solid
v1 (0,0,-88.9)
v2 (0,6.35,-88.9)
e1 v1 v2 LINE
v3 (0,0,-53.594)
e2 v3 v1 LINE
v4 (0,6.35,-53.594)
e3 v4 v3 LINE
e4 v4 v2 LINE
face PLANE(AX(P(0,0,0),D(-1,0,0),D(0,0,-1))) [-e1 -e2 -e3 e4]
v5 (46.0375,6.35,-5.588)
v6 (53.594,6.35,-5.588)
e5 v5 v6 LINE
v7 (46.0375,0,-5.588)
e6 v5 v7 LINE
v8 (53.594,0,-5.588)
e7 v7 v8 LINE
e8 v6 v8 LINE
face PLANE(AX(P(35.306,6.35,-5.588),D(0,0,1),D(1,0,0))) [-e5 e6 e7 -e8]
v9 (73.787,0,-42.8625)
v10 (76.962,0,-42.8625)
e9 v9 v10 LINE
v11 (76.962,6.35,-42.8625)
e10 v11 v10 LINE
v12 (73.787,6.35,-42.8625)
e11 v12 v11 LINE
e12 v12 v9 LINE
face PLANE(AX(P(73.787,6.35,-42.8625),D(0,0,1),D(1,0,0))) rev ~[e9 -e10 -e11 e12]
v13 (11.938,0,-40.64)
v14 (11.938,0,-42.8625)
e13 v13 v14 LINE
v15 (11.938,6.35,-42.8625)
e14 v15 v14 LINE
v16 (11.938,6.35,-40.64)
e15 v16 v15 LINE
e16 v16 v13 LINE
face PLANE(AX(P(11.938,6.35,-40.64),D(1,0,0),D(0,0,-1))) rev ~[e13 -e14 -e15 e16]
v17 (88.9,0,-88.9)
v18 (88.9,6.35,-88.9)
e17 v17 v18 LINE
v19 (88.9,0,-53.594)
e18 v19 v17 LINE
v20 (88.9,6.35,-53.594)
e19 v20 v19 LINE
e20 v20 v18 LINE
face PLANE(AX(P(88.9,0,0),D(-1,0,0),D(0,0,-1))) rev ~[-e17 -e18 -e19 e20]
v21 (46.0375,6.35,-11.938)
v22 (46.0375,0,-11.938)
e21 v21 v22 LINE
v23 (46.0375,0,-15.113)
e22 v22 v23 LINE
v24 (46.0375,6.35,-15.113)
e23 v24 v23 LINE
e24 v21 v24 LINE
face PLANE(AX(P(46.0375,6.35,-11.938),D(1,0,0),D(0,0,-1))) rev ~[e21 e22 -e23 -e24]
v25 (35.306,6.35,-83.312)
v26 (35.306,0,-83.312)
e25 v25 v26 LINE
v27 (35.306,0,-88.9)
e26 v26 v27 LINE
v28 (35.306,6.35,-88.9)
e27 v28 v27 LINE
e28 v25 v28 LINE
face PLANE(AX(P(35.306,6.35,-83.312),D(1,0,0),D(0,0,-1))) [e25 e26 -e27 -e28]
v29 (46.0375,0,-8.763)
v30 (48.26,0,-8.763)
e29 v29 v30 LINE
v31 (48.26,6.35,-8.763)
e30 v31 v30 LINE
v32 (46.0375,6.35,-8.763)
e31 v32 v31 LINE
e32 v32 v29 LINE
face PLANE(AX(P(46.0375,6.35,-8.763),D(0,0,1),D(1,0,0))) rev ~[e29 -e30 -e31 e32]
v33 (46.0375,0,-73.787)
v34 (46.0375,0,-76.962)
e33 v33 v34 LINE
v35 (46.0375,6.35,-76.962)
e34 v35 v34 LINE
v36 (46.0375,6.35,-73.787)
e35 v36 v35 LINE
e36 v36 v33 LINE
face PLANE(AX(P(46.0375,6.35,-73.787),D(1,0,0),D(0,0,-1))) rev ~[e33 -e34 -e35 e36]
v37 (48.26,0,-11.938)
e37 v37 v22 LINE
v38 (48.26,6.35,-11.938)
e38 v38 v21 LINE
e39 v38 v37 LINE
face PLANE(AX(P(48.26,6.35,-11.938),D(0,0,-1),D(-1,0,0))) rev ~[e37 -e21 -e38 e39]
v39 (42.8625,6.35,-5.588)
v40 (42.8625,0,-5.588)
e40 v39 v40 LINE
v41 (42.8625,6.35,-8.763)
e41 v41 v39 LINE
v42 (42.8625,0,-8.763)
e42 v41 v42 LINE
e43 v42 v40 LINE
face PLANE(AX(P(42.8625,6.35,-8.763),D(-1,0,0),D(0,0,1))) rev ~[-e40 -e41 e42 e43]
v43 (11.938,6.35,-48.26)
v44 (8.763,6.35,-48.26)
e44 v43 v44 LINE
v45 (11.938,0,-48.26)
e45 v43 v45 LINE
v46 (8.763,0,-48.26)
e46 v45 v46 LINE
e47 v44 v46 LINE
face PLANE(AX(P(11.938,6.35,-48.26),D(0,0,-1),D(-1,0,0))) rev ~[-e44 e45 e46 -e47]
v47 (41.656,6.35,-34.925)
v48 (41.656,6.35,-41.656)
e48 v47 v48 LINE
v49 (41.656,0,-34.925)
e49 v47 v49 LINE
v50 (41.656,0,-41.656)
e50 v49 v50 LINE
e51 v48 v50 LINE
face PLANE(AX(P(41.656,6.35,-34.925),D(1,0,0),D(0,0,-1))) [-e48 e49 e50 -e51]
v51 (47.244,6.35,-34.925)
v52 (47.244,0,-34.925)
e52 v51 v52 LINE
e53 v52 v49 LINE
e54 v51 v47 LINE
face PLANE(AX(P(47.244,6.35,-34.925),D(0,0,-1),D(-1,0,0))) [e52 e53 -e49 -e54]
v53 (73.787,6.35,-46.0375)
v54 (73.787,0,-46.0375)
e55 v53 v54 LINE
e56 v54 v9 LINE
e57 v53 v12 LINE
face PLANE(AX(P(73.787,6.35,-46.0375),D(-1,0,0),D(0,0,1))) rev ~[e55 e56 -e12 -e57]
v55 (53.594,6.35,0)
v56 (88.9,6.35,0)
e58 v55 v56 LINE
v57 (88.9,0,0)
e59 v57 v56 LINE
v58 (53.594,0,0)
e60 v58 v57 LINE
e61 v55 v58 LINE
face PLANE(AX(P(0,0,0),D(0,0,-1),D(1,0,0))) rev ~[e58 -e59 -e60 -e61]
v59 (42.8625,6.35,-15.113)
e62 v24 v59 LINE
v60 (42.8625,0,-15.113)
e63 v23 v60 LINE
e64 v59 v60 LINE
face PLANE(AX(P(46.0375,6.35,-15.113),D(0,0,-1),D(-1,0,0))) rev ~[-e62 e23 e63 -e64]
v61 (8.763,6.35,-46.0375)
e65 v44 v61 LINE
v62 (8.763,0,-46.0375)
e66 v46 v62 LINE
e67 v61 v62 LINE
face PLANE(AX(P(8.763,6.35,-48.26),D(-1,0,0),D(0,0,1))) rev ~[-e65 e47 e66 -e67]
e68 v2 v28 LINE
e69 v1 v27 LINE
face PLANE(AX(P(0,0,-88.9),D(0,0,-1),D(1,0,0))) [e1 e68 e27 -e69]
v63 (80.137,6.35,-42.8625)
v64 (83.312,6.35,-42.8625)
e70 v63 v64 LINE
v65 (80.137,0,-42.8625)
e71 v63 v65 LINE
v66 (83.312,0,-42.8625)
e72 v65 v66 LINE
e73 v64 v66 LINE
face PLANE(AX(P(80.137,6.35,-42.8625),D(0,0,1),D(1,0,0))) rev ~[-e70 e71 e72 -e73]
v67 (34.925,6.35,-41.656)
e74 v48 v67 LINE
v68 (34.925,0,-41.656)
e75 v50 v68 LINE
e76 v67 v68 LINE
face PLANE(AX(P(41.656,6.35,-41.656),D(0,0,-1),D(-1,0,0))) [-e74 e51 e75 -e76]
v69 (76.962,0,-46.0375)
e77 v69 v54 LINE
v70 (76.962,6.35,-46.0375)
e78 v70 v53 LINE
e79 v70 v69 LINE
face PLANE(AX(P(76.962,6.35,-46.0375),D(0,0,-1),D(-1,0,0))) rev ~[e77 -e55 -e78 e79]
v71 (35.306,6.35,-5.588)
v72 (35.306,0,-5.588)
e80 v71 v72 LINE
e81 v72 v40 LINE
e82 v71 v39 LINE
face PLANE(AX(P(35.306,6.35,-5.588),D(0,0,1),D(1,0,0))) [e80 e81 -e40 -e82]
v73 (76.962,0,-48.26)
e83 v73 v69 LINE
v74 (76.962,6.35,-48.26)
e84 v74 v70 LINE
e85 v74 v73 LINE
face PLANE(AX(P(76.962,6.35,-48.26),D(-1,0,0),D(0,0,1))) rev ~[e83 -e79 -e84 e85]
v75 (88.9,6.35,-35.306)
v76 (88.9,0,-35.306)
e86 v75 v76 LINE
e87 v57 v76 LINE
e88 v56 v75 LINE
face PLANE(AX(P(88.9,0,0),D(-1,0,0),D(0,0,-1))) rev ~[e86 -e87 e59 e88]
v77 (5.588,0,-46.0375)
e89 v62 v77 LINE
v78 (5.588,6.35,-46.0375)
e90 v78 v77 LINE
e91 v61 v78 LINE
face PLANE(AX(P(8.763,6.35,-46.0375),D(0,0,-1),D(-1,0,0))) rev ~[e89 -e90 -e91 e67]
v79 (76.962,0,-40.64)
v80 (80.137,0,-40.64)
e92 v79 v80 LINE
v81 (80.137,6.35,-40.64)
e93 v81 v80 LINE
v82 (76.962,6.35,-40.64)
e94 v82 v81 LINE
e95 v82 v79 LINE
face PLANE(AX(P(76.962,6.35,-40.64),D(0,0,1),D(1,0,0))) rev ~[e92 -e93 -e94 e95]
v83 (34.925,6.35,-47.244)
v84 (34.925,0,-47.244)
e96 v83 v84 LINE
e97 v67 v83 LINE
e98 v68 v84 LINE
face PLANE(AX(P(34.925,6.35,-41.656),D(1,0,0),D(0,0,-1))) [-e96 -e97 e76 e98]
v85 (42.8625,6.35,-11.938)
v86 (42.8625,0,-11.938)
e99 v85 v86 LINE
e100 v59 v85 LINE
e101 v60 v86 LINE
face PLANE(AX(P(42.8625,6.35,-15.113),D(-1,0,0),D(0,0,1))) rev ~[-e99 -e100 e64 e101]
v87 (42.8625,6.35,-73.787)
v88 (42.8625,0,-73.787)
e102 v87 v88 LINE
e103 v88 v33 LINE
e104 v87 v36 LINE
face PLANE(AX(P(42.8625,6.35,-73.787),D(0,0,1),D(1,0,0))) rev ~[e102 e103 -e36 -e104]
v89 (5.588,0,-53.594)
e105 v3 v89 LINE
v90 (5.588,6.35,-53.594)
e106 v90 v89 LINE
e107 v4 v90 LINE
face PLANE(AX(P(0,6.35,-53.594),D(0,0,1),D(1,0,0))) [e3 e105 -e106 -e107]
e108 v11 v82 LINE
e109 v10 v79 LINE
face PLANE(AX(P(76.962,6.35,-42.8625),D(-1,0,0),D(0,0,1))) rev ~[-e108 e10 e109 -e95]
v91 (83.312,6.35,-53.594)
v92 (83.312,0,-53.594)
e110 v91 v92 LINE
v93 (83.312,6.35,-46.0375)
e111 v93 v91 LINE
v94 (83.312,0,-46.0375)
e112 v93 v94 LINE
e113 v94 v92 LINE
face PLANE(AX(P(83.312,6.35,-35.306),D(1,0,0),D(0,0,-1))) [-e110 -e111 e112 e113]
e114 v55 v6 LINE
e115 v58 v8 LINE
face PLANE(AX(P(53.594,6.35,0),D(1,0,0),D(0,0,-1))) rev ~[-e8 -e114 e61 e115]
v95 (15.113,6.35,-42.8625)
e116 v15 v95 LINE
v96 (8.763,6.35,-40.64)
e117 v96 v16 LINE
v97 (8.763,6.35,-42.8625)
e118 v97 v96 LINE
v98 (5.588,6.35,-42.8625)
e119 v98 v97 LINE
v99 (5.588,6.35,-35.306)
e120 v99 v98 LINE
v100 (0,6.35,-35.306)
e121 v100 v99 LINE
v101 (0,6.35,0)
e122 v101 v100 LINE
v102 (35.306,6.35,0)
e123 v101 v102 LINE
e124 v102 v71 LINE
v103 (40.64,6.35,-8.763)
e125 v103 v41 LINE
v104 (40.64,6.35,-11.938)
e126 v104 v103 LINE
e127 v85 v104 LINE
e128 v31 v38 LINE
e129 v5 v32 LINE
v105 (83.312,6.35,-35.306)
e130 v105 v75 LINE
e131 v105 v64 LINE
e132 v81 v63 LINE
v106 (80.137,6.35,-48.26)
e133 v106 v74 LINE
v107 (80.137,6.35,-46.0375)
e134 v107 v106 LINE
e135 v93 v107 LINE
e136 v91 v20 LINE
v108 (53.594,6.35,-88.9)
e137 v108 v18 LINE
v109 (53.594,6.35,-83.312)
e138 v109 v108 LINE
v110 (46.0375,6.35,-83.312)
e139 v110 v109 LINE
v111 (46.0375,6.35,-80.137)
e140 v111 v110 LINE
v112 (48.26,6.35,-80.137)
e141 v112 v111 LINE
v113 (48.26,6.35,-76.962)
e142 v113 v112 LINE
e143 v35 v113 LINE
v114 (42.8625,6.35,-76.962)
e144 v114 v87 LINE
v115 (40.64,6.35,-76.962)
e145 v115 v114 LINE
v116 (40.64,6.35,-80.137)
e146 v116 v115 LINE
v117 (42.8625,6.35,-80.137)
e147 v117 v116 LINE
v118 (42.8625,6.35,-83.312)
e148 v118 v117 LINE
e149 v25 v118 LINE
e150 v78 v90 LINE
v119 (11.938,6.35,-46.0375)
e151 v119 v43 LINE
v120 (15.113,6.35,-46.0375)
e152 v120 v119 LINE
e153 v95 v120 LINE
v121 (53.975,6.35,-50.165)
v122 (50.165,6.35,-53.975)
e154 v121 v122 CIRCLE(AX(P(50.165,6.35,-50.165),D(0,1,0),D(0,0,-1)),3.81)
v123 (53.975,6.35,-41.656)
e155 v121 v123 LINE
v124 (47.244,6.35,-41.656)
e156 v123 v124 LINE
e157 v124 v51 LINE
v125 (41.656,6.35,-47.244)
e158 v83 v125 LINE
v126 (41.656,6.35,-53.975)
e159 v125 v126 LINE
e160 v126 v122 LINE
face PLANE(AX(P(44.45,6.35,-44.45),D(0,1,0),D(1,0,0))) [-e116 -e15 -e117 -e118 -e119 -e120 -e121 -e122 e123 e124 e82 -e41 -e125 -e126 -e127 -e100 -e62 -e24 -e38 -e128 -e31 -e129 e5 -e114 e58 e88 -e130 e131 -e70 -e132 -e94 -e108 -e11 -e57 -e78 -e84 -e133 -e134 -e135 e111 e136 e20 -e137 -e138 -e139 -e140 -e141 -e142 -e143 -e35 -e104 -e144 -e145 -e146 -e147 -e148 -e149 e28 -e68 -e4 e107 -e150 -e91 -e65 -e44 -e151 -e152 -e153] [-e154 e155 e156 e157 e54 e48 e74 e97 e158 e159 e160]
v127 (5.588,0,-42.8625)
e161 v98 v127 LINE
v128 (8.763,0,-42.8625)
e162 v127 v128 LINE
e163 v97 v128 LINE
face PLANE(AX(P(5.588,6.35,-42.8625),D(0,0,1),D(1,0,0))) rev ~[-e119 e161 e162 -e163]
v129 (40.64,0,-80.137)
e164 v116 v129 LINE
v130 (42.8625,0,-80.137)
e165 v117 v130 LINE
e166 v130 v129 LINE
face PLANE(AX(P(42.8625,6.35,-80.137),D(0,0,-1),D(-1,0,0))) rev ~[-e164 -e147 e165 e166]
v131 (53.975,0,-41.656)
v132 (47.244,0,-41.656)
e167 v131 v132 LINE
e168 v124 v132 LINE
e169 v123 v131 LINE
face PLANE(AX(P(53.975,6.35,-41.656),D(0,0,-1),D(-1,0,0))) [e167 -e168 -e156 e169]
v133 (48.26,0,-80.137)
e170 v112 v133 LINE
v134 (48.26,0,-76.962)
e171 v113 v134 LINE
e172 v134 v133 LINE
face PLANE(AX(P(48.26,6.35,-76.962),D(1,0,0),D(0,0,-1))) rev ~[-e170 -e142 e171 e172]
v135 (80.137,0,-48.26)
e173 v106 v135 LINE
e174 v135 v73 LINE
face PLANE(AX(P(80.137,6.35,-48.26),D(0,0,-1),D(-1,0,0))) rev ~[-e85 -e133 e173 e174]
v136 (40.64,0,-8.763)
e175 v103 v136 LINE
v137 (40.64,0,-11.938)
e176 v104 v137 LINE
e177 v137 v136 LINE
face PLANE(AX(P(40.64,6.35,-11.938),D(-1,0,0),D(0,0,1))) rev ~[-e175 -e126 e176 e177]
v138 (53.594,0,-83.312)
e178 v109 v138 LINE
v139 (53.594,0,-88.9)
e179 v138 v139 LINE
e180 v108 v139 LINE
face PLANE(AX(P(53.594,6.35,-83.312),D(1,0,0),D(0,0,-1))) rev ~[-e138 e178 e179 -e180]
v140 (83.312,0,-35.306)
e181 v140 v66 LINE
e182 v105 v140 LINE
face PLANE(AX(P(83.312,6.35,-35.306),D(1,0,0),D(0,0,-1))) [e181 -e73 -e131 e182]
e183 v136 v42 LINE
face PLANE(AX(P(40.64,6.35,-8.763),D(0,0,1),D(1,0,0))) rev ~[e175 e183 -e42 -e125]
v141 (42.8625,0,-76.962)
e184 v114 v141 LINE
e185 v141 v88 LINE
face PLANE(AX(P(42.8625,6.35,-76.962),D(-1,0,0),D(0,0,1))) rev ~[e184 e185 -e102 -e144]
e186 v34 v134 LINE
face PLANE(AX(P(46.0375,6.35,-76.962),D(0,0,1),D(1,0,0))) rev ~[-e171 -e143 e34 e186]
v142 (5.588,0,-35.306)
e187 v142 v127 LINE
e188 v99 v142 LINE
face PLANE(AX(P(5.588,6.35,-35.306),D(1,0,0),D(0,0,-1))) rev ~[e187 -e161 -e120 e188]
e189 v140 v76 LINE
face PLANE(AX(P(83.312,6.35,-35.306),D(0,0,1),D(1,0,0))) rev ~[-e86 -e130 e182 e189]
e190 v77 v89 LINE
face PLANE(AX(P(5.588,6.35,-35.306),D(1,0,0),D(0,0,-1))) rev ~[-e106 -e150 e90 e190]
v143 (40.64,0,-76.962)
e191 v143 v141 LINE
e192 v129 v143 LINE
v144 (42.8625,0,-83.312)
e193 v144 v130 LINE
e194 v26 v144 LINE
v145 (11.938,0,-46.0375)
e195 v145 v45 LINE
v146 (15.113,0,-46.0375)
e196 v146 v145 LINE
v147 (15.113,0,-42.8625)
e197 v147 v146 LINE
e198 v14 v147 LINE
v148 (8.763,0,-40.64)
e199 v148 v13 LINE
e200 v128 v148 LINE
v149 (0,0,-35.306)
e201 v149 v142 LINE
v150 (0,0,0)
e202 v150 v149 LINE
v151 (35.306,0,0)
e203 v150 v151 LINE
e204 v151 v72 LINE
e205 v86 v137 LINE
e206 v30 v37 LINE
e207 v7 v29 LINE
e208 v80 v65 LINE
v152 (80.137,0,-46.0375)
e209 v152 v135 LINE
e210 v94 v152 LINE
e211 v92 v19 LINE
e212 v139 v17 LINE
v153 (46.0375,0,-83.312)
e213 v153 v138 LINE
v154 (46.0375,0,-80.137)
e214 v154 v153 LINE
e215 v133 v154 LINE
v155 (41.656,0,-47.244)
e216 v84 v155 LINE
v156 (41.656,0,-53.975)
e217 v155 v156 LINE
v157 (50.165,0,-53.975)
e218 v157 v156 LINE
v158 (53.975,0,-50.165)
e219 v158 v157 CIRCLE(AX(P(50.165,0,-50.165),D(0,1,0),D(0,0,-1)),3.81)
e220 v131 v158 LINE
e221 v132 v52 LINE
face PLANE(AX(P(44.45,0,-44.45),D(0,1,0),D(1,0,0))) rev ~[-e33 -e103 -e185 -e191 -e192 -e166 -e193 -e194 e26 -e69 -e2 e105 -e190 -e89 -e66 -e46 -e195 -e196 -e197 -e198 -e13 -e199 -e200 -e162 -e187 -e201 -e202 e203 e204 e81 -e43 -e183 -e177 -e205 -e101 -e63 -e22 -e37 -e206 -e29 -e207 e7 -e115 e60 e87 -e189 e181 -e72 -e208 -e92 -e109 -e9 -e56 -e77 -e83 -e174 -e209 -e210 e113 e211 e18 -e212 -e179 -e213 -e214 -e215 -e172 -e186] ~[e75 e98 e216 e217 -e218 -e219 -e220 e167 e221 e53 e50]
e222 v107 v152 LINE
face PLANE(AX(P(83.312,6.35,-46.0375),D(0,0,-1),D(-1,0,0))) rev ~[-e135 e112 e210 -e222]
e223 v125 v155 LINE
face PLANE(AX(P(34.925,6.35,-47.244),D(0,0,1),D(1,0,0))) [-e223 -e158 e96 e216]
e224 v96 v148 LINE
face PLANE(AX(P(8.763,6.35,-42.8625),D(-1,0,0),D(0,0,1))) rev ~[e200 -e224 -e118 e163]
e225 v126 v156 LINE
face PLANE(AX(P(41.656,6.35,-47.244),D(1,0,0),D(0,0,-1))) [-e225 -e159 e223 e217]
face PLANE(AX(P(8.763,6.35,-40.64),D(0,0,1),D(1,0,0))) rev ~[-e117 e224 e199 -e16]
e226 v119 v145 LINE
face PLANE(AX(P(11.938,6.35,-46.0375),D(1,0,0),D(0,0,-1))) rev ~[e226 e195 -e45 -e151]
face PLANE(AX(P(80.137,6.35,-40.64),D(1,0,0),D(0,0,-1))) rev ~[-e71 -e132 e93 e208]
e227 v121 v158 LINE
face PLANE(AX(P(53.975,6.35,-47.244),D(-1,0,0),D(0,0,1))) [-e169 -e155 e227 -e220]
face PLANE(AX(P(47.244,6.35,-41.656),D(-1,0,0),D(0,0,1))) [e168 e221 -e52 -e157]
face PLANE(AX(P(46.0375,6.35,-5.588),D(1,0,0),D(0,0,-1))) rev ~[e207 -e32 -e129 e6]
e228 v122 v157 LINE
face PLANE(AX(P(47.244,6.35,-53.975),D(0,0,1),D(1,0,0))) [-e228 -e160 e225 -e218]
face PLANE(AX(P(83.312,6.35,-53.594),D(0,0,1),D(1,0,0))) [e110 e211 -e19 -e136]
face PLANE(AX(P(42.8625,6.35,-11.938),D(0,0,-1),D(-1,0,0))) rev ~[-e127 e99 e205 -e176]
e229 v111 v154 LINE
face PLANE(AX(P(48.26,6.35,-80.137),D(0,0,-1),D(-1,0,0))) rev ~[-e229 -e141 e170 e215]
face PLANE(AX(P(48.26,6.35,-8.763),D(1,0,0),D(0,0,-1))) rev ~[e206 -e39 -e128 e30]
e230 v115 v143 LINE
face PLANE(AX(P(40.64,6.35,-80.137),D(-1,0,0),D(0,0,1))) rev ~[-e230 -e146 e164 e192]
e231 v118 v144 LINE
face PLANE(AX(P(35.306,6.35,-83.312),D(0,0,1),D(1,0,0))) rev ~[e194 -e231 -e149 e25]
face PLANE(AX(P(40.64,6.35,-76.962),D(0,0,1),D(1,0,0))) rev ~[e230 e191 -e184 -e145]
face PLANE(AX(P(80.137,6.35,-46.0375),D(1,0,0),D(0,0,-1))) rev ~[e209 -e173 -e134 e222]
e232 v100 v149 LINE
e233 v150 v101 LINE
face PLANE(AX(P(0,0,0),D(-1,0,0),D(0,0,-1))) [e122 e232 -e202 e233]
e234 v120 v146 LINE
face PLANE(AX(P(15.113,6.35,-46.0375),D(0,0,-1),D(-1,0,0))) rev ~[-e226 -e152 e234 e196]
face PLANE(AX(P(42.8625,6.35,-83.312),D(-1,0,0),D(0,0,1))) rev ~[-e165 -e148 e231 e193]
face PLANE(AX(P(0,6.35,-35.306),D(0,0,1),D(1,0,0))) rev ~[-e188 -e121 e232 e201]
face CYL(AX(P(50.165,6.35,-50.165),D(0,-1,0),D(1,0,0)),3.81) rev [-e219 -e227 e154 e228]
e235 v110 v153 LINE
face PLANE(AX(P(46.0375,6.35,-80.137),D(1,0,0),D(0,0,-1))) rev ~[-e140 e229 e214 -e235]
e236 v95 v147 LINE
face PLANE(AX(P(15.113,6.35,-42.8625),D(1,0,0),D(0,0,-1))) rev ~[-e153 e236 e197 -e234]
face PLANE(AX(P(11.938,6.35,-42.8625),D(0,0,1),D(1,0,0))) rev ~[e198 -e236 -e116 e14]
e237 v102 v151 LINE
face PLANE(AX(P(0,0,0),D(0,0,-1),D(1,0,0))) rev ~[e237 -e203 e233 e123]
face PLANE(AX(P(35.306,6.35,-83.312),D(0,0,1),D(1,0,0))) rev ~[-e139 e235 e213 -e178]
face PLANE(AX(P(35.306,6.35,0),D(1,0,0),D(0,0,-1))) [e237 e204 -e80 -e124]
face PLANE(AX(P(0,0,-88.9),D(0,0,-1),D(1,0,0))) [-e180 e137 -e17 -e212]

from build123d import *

# Parameters (mm, degrees)
SKETCH1_W           = 88.9
SKETCH1_H           = 88.9
BOSS_EXTRUDE1_DEPTH = 6.35
CUT_EXTRUDE3_DEPTH  = 126.88384527
SKETCH4_W           = 18.288
SKETCH4_H           = 5.588
SKETCH4_W_2         = 5.588
SKETCH4_H_2         = 18.288
CUT_EXTRUDE2_DEPTH  = 126.88384527
SKETCH7_W           = 6.731
SKETCH7_H           = 6.731
CUT_EXTRUDE4_DEPTH  = 126.88384527
FILLET1_R           = 3.81
CUT_EXTRUDE5_DEPTH  = 126.88384527


with BuildPart() as part:
    # Sketch1 → Boss-Extrude1 (new body)
    with BuildSketch(Plane(origin=(0, 0, 0), x_dir=(1, 0, 0), z_dir=(0, 1, 0))):
        with Locations((44.45, 44.45)):
            Rectangle(SKETCH1_W, SKETCH1_H)
    extrude(amount=BOSS_EXTRUDE1_DEPTH)

    # Sketch5 → Cut-Extrude3 (cut, through all)
    with BuildSketch(Plane(origin=(0, 6.35, 0), x_dir=(1, 0, 0), z_dir=(0, 1, 0))):
        Polygon((41.656, 47.244), (41.656, 53.975), (47.244, 53.975), (47.244, 47.244), (53.975, 47.244), (53.975, 41.656), (47.244, 41.656), (47.244, 34.925), (41.656, 34.925), (41.656, 41.656), (34.925, 41.656), (34.925, 47.244), align=None)
    extrude(amount=-CUT_EXTRUDE3_DEPTH, mode=Mode.SUBTRACT)

    # Sketch4 → Cut-Extrude2 (cut, through all)
    with BuildSketch(Plane(origin=(0, 6.35, 0), x_dir=(1, 0, 0), z_dir=(0, 1, 0))):
        with Locations((44.45, 86.106)):
            Rectangle(SKETCH4_W, SKETCH4_H)
        with Locations((86.106, 44.45)):
            Rectangle(SKETCH4_W_2, SKETCH4_H_2)
        with Locations((44.45, 2.794)):
            Rectangle(SKETCH4_W, SKETCH4_H)
        with Locations((2.794, 44.45)):
            Rectangle(SKETCH4_W_2, SKETCH4_H_2)
    extrude(amount=-CUT_EXTRUDE2_DEPTH, mode=Mode.SUBTRACT)

    # Sketch7 → Cut-Extrude4 (cut, through all)
    with BuildSketch(Plane(origin=(0, 6.35, 0), x_dir=(1, 0, 0), z_dir=(0, 1, 0))):
        with Locations((50.6095, 50.6095)):
            Rectangle(SKETCH7_W, SKETCH7_H)
    extrude(amount=-CUT_EXTRUDE4_DEPTH, mode=Mode.SUBTRACT)

    # Fillet1
    fillet1_edges = [part.edges().sort_by_distance(p)[0] for p in [
        (53.975, 3.175, -53.975),
    ]]
    fillet(fillet1_edges, radius=FILLET1_R)

    # Sketch8 → Cut-Extrude5 (cut, through all)
    with BuildSketch(Plane(origin=(0, 6.35, 0), x_dir=(1, 0, 0), z_dir=(0, 1, 0))):
        Polygon((5.588, 42.8625), (8.763, 42.8625), (8.763, 40.64), (11.938, 40.64), (11.938, 42.8625), (15.113, 42.8625), (15.113, 46.0375), (11.938, 46.0375), (11.938, 48.26), (8.763, 48.26), (8.763, 46.0375), (5.588, 46.0375), align=None)
        Polygon((42.8625, 83.312), (42.8625, 80.137), (40.64, 80.137), (40.64, 76.962), (42.8625, 76.962), (42.8625, 73.787), (46.0375, 73.787), (46.0375, 76.962), (48.26, 76.962), (48.26, 80.137), (46.0375, 80.137), (46.0375, 83.312), align=None)
        Polygon((83.312, 46.0375), (80.137, 46.0375), (80.137, 48.26), (76.962, 48.26), (76.962, 46.0375), (73.787, 46.0375), (73.787, 42.8625), (76.962, 42.8625), (76.962, 40.64), (80.137, 40.64), (80.137, 42.8625), (83.312, 42.8625), align=None)
        Polygon((46.0375, 5.588), (46.0375, 8.763), (48.26, 8.763), (48.26, 11.938), (46.0375, 11.938), (46.0375, 15.113), (42.8625, 15.113), (42.8625, 11.938), (40.64, 11.938), (40.64, 8.763), (42.8625, 8.763), (42.8625, 5.588), align=None)
    extrude(amount=-CUT_EXTRUDE5_DEPTH, mode=Mode.SUBTRACT)


solid = part.part
